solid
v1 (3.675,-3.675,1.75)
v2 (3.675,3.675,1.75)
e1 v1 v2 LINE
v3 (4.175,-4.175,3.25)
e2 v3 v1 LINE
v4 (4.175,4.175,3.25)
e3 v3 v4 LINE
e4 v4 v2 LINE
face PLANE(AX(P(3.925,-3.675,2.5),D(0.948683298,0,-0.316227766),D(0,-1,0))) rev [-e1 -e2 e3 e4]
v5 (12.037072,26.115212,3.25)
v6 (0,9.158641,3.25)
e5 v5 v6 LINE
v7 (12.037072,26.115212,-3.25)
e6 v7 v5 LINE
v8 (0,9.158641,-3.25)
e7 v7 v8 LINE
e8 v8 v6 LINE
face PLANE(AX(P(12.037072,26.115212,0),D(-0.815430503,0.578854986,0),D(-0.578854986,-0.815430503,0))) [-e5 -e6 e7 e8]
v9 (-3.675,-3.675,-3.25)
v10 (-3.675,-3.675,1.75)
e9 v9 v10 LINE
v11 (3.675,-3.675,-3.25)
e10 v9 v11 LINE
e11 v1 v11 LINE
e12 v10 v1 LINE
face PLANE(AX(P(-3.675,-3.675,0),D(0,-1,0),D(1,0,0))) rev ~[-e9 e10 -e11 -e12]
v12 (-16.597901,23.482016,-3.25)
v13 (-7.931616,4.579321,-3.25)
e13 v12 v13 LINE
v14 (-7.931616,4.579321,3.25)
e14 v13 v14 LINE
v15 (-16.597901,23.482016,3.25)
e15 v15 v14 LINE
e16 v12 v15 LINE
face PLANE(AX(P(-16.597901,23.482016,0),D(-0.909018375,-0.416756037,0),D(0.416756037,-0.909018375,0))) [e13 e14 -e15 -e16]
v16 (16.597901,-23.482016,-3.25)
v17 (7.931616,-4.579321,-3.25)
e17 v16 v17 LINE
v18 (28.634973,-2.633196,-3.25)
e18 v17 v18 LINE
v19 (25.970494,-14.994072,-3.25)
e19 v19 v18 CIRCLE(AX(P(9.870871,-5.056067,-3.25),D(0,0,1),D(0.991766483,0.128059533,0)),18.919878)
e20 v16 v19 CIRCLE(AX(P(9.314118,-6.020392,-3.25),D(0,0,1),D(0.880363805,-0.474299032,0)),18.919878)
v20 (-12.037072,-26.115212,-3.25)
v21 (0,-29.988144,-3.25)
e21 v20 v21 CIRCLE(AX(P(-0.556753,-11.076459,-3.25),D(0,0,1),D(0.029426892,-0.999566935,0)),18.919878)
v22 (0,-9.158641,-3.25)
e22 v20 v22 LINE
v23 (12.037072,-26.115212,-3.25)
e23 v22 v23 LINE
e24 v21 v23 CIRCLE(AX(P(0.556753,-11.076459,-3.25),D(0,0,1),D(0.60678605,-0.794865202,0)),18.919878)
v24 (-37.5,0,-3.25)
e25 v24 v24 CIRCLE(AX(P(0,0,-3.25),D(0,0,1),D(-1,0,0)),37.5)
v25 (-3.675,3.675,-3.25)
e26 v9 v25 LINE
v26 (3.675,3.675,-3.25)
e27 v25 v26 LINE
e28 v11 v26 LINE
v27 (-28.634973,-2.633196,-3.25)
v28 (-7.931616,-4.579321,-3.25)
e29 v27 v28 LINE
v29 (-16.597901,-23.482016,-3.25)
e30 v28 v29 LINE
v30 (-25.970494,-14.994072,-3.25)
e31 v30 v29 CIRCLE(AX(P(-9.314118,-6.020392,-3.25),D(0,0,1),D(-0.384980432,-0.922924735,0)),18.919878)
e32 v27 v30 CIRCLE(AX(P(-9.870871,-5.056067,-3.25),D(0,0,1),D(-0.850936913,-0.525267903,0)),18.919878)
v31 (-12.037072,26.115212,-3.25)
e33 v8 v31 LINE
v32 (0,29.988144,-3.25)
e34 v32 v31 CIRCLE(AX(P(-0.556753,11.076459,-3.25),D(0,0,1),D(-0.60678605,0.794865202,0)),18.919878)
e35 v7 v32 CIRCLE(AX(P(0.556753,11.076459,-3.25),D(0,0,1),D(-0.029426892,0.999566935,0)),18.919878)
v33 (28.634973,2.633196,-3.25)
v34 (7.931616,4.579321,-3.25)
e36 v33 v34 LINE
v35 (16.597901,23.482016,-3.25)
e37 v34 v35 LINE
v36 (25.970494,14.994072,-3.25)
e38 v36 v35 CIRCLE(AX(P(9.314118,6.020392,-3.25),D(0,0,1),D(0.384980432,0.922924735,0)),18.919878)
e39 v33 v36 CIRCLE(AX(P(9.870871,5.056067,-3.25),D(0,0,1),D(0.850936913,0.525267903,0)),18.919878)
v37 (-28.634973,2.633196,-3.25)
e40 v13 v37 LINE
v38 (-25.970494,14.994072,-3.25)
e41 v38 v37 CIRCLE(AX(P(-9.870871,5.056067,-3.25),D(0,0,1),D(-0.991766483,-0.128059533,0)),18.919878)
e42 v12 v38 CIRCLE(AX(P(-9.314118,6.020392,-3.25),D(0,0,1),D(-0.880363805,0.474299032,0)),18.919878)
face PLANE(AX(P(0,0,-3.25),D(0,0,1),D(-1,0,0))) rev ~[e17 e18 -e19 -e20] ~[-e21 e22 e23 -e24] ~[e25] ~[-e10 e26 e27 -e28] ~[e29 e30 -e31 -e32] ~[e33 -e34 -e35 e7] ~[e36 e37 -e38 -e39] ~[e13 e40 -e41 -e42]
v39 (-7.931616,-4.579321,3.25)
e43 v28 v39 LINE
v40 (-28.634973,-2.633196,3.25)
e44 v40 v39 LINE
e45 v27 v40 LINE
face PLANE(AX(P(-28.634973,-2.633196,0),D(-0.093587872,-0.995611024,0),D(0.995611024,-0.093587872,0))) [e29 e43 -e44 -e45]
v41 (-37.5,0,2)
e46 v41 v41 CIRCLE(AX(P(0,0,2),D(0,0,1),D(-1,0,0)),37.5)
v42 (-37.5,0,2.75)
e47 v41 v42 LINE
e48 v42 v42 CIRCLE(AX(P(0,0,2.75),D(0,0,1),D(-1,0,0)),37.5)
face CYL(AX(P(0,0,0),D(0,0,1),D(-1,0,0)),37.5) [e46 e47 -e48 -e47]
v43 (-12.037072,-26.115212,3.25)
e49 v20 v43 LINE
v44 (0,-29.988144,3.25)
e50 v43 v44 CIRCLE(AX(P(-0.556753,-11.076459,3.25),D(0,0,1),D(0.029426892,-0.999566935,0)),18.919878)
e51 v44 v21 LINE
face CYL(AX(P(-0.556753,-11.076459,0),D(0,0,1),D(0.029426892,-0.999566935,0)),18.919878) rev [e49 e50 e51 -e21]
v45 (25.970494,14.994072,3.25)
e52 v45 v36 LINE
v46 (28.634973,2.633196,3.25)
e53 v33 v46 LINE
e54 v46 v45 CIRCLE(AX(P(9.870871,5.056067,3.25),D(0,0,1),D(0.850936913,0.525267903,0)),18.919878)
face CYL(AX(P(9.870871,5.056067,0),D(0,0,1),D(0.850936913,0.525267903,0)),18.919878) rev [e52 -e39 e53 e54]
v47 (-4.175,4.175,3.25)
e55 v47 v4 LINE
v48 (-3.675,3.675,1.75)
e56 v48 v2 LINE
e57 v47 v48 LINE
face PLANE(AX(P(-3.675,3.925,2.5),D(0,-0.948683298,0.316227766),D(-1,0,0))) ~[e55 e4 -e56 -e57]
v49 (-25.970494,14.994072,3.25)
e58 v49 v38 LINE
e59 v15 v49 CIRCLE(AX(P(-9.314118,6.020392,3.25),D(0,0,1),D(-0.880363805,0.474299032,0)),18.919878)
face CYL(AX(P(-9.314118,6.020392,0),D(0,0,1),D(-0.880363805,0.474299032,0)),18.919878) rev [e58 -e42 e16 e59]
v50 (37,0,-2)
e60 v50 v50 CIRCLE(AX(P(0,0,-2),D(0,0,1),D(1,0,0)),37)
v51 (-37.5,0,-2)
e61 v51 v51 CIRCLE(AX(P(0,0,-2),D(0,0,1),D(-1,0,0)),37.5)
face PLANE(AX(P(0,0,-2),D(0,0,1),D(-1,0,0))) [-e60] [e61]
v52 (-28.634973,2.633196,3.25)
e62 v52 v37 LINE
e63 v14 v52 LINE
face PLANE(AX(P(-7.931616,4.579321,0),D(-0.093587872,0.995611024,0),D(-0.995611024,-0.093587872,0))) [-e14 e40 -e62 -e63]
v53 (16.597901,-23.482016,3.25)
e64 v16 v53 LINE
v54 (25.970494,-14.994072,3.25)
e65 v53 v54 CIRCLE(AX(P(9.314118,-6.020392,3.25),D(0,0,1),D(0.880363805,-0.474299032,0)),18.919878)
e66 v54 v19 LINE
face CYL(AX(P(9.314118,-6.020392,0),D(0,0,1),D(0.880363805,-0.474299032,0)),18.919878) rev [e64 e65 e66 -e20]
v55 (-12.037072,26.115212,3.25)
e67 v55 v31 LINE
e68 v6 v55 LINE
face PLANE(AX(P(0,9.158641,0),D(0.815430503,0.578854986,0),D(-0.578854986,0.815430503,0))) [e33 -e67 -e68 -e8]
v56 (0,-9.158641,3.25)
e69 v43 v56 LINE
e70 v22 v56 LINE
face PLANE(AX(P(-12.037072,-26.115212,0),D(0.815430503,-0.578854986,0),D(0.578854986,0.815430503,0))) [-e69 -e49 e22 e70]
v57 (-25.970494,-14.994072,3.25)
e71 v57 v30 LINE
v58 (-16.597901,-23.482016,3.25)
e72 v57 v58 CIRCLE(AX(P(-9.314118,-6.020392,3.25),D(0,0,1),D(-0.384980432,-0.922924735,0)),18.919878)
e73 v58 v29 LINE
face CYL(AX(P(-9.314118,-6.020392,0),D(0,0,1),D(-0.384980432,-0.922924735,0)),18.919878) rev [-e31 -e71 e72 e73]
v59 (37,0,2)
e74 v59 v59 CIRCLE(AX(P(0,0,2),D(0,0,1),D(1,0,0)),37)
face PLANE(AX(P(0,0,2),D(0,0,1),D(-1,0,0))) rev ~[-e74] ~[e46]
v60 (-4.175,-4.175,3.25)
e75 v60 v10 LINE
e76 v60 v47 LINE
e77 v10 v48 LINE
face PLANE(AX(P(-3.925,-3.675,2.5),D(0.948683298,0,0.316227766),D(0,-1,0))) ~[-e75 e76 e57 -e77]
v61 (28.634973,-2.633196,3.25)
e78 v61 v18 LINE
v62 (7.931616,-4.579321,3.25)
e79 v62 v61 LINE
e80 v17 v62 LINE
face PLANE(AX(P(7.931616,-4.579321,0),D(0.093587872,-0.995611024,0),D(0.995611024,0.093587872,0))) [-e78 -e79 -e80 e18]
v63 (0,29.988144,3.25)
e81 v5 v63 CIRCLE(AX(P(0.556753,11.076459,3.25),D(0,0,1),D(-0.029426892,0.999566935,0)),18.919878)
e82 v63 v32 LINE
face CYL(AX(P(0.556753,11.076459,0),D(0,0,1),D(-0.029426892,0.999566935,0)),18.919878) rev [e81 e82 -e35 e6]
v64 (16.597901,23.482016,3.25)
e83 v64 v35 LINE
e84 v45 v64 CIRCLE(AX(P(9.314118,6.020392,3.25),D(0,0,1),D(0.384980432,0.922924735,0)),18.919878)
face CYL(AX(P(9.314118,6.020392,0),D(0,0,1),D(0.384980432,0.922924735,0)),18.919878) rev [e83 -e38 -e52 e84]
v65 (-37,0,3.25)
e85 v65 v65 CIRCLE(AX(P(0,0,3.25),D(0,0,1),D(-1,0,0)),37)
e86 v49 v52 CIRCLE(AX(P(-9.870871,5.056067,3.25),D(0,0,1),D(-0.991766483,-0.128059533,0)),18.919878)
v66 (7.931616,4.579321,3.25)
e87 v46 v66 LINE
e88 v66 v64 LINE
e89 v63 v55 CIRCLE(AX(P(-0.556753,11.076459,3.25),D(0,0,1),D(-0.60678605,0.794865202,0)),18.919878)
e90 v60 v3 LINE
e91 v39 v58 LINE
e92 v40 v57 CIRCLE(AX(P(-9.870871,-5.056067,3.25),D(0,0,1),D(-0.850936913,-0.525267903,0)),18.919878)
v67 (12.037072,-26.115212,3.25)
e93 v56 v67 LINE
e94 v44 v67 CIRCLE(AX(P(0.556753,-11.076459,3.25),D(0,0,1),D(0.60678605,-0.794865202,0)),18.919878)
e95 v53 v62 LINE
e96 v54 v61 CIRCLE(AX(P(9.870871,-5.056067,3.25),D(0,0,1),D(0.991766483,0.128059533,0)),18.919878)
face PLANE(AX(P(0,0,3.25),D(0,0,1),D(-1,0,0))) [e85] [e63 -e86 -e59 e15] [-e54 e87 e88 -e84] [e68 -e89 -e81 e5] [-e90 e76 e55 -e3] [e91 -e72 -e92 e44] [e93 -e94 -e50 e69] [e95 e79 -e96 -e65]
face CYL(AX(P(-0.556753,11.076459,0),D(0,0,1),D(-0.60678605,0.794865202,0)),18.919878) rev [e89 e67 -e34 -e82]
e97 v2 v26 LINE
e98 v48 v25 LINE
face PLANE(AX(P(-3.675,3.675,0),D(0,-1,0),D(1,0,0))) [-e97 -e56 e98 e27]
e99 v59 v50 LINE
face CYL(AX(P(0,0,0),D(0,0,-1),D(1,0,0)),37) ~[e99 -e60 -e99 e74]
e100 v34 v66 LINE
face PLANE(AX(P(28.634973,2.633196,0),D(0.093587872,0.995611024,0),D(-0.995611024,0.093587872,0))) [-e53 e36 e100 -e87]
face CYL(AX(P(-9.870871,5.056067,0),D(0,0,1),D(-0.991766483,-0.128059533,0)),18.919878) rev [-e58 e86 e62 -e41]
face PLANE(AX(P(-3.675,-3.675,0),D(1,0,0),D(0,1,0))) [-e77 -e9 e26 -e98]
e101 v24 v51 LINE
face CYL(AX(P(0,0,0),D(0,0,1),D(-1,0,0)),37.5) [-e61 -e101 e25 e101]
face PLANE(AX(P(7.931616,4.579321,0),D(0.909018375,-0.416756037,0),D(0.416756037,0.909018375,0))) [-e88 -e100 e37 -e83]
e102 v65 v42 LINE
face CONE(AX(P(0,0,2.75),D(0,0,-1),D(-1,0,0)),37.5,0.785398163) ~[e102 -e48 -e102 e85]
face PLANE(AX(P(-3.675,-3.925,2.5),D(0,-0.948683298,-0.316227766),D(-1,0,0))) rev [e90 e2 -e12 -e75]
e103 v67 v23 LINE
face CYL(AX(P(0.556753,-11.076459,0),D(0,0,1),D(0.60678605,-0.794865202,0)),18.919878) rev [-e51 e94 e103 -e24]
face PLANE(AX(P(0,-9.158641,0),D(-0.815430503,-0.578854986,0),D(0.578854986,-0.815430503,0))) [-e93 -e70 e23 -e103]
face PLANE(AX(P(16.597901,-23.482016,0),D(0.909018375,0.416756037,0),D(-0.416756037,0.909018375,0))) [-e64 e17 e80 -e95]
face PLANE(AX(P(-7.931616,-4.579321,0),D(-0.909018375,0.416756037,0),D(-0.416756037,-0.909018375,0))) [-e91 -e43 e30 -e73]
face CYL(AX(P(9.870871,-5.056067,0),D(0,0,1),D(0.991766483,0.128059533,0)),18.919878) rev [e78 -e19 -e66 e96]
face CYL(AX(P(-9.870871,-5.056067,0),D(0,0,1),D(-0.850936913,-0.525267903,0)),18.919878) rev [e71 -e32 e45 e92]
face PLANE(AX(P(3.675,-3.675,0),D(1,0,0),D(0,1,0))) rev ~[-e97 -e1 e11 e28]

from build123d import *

# Parameters (mm, degrees)
SKETCH1_R           = 37.5
SKETCH1_W           = 7.35
SKETCH1_H           = 7.35
BOSS_EXTRUDE1_DEPTH = 3.25
CUT_EXTRUDE1_DEPTH  = 4
CIRPATTERN1_COUNT   = 6
SKETCH3_R           = 37.5
SKETCH3_R_2         = 37
CUT_EXTRUDE2_DEPTH  = 2
CHAMFER1_SIZE       = 0.5
CHAMFER1_SIZE2      = 1.5
CHAMFER2_SIZE       = 0.5


with BuildPart() as part:
    # Sketch1 → Boss-Extrude1 (new, symmetric)
    with BuildSketch(Plane.XY):
        with Locations(Location((0, 0, 0), (0, 0, 180))):
            Circle(SKETCH1_R)
        Rectangle(SKETCH1_W, SKETCH1_H, mode=Mode.SUBTRACT)
    extrude(amount=BOSS_EXTRUDE1_DEPTH, both=True)

    # Sketch2 → Cut-Extrude1 (cut, symmetric)
    with BuildSketch(Plane.XY):
        with BuildLine():
            Line((0, 9.158641407), (-12.037071564, 26.115211784))
            ThreePointArc((-12.037071564, 26.115211784), (-6.351662121, 29.087034336), (0, 29.988143709))
            ThreePointArc((0, 29.988143709), (6.351662121, 29.087034336), (12.037071564, 26.115211784))
            Line((12.037071564, 26.115211784), (0, 9.158641407))
        make_face()
    cut_extrude1 = extrude(amount=CUT_EXTRUDE1_DEPTH, both=True, mode=Mode.SUBTRACT)

    # CirPattern1: Cut-Extrude1 ×6 about axis
    cirpattern1_axis = Axis((0, 0, 0), (0, 0, 1))
    for i in range(1, CIRPATTERN1_COUNT):
        add(cut_extrude1.rotate(cirpattern1_axis, i * 360 / CIRPATTERN1_COUNT), mode=Mode.SUBTRACT)

    # Sketch3 → Cut-Extrude2 (cut, symmetric)
    with BuildSketch(Plane.XY):
        with Locations(Location((0, 0, 0), (0, 0, 180))):
            Circle(SKETCH3_R)
        Circle(SKETCH3_R_2, mode=Mode.SUBTRACT)
    extrude(amount=CUT_EXTRUDE2_DEPTH, both=True, mode=Mode.SUBTRACT)

    # Chamfer1
    chamfer1_edges = [part.edges().sort_by_distance(p)[0] for p in [
        (3.675, 0, 3.25),
        (0, 3.675, 3.25),
        (-3.675, 0, 3.25),
        (0, -3.675, 3.25),
    ]]
    chamfer1_side = [part.faces().sort_by_distance(p)[0] for p in [
        (36.439339828, 0, 3.25),
    ]]
    chamfer(chamfer1_edges, length=CHAMFER1_SIZE, length2=CHAMFER1_SIZE2, reference=chamfer1_side[0])

    # Chamfer2
    chamfer2_edges = [part.edges().sort_by_distance(p)[0] for p in [
        (37.5, 0, 3.25),
    ]]
    chamfer(chamfer2_edges, length=CHAMFER2_SIZE)


solid = part.part
